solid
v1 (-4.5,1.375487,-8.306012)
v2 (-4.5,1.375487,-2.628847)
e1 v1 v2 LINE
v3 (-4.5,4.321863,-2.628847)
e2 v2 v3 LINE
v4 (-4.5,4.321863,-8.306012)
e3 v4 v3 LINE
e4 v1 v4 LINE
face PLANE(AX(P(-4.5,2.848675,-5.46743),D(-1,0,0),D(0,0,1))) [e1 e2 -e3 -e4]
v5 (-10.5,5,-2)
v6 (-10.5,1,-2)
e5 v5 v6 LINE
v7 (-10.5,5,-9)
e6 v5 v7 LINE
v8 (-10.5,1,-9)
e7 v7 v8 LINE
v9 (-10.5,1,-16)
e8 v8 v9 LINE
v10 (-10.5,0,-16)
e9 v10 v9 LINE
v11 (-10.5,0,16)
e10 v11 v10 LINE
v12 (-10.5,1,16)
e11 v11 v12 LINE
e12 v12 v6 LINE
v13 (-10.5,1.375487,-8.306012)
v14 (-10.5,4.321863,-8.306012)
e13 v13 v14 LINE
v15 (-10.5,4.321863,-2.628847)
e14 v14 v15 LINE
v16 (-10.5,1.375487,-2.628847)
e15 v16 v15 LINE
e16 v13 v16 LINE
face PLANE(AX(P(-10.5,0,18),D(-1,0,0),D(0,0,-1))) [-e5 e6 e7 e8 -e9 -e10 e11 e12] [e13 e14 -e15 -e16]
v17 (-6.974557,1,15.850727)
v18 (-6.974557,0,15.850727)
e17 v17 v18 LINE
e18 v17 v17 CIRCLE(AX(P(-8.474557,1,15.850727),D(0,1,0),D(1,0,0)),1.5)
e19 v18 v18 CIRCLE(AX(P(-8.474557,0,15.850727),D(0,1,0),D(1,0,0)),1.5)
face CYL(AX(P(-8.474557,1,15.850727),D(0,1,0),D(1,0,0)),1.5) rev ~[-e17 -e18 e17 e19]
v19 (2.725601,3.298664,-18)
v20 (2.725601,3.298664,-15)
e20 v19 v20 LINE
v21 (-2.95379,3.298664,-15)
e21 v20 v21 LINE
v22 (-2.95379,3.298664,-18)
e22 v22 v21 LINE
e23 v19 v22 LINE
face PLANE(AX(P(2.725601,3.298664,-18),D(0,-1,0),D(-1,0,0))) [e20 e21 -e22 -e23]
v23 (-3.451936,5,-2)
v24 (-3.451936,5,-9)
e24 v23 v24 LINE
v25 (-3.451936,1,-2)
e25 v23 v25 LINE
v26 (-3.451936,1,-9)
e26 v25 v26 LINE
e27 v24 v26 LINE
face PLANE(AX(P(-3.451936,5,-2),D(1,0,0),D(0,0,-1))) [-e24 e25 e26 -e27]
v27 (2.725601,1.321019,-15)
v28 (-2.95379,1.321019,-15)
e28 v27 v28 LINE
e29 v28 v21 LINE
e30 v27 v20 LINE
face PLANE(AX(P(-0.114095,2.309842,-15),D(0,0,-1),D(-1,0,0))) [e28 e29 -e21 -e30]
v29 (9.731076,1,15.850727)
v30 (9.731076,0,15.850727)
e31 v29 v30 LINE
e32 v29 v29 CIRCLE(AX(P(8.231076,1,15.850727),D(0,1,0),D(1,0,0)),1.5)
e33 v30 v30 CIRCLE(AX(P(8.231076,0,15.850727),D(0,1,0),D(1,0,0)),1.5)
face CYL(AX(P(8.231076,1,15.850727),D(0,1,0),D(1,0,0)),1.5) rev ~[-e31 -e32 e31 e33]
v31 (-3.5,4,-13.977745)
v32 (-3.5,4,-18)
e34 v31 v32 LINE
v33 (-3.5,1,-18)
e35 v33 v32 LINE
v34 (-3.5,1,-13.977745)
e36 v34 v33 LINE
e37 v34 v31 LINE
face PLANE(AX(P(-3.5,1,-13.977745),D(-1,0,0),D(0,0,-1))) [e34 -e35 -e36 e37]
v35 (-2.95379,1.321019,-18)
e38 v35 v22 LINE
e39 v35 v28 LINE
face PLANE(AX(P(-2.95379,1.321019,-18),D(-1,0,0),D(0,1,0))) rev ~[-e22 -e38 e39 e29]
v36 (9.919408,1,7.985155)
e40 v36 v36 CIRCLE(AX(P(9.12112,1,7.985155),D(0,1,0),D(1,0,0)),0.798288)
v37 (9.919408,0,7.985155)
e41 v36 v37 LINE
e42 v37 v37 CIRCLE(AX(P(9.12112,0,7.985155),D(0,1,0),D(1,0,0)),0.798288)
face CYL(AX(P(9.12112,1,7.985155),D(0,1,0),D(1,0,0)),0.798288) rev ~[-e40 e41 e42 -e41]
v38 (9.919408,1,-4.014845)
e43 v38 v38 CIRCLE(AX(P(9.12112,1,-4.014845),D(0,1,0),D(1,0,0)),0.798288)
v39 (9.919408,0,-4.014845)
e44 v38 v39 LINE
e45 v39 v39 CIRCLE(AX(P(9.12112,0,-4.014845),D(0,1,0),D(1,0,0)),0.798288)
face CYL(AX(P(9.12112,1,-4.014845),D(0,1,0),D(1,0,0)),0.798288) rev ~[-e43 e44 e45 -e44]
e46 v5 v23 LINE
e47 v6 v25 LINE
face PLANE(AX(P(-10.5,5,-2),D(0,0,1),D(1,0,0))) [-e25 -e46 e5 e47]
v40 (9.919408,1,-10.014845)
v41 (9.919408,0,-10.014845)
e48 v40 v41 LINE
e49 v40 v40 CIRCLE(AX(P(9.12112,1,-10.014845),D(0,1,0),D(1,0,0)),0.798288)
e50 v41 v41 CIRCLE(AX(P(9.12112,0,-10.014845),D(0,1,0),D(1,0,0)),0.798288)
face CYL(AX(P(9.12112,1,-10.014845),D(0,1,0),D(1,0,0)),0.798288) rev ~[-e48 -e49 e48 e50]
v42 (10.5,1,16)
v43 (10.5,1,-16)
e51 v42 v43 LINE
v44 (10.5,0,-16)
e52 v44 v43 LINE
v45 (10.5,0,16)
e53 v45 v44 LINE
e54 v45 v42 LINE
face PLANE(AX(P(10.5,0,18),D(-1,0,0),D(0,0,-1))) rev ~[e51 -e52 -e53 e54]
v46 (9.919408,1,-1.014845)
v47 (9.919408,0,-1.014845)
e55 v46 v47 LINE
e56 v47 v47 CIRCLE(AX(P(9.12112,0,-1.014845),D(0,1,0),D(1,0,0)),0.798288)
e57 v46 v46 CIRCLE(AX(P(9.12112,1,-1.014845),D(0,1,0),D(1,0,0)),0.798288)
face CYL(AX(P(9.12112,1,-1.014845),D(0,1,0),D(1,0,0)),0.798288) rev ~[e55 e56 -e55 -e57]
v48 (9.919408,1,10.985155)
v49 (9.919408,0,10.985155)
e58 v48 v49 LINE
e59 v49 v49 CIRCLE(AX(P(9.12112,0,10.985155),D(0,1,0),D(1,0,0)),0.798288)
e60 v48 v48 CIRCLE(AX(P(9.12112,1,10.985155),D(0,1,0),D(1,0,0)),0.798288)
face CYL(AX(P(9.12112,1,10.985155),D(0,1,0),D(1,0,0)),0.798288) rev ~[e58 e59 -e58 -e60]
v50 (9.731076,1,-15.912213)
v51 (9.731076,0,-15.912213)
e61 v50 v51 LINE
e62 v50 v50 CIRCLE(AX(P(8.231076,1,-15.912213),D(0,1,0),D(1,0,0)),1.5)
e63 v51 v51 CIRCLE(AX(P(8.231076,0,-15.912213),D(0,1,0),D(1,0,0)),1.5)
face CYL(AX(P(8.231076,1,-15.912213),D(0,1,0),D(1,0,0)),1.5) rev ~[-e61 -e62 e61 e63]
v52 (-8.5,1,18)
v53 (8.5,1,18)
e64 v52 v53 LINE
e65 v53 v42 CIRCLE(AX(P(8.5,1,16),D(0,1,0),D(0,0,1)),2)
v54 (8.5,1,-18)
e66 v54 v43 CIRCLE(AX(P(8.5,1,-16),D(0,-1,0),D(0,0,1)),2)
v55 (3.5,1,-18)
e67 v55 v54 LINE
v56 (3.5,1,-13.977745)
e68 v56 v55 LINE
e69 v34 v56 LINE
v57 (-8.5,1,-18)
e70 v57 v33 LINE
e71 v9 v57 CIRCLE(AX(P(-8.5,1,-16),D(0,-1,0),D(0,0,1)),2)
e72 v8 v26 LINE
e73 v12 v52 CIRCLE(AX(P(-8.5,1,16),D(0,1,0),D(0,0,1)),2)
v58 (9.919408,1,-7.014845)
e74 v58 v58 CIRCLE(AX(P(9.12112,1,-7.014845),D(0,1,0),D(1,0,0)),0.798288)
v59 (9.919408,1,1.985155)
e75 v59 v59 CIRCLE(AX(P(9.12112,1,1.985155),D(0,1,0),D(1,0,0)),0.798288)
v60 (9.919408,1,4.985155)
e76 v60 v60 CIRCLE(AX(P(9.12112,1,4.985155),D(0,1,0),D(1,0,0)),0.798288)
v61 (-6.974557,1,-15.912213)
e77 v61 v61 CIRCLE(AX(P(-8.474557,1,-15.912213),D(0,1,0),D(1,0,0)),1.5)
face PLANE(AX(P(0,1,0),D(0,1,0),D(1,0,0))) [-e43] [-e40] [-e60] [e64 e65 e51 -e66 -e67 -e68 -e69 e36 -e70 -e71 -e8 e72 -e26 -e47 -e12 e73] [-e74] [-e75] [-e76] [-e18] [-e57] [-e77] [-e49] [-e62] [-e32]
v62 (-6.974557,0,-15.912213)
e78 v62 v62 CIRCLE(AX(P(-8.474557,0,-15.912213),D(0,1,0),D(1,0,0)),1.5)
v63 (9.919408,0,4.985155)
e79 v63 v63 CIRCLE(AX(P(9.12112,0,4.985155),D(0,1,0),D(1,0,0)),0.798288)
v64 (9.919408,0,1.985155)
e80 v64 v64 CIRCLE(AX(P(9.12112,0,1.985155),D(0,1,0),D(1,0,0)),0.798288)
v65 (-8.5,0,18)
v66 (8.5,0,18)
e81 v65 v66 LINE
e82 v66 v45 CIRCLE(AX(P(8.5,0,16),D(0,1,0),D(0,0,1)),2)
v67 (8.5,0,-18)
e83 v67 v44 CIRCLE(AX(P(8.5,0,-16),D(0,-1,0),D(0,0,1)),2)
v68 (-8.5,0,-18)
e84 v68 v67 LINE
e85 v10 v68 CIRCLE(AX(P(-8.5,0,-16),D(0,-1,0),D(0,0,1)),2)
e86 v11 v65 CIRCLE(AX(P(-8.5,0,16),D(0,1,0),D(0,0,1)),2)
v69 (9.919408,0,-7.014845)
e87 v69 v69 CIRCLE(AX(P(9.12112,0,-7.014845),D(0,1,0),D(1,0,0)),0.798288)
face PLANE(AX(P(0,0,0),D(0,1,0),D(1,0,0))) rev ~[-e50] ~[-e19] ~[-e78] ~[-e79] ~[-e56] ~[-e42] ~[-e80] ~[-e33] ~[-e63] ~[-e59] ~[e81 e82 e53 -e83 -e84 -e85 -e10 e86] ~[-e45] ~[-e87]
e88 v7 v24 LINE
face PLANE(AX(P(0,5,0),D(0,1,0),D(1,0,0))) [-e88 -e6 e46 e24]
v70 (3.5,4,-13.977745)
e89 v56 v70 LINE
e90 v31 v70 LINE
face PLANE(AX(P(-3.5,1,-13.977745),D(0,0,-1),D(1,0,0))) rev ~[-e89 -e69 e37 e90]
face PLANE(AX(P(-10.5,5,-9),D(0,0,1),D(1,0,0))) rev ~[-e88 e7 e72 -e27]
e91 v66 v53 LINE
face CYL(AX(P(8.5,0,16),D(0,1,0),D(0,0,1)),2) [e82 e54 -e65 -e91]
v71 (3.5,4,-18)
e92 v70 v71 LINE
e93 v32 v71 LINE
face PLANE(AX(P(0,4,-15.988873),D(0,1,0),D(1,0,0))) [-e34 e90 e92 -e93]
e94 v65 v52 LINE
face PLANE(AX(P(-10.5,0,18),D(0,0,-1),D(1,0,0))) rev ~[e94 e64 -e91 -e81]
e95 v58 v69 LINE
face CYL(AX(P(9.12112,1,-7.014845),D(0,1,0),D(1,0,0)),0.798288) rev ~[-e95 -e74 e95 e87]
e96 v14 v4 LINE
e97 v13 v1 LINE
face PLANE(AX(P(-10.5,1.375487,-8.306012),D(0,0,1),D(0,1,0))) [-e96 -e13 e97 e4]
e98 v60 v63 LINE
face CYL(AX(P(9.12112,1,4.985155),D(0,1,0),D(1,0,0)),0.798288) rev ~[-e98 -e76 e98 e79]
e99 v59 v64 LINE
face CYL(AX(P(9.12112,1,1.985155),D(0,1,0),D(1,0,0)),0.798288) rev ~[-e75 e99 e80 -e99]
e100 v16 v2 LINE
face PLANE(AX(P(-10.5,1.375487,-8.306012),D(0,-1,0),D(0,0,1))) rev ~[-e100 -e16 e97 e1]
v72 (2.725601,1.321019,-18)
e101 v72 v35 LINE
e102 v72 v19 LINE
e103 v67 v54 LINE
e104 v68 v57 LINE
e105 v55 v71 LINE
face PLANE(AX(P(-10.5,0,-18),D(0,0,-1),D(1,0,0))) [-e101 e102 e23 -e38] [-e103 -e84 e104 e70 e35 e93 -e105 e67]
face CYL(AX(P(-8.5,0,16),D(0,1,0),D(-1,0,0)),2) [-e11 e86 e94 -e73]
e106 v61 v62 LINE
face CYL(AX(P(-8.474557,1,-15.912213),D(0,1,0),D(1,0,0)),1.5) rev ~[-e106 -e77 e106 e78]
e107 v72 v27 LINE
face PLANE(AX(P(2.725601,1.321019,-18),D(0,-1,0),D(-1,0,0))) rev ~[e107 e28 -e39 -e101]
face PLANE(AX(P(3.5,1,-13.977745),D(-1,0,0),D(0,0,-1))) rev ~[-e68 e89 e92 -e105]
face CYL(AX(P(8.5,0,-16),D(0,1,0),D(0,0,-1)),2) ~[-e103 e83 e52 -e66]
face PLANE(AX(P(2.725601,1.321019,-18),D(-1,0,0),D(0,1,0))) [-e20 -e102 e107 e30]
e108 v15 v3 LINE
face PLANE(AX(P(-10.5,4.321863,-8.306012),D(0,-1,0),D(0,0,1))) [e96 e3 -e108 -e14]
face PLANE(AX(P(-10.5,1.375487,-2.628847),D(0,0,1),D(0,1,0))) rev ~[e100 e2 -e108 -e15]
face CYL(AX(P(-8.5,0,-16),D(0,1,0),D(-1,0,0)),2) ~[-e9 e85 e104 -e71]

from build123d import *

# Parameters (mm, degrees)
CROQUIS1_W                 = 21
CROQUIS1_H                 = 36
SALIENTE_EXTRUIR1_DEPTH    = 5
CROQUIS2_OUTSIDE_W         = 31.396
CROQUIS2_OUTSIDE_H         = 46.396
CROQUIS2_OUTSIDE_W_2       = 7.048063548
CROQUIS2_OUTSIDE_H_2       = 7
CORTAR_EXTRUIR1_DEPTH      = 7
CORTAR_EXTRUIR1_DEPTH_BACK = 4
CROQUIS3_W                 = 7
CROQUIS3_H                 = 4.02225483
SALIENTE_EXTRUIR2_DEPTH    = 3
CROQUIS4_W                 = 5.679391124
CROQUIS4_H                 = 1.977645124
CORTAR_EXTRUIR2_DEPTH      = 3
CROQUIS5_W                 = 5.67716457
CROQUIS5_H                 = 2.946376549
CORTAR_EXTRUIR3_DEPTH      = 6
REDONDEO1_R                = 2
CROQUIS7_R                 = 1.5
CORTAR_EXTRUIR4_DEPTH      = 10
CROQUIS8_R                 = 1.5
CORTAR_EXTRUIR5_DEPTH      = 10
CROQUIS9_R                 = 0.798287554
CORTAR_EXTRUIR6_DEPTH      = 10
MATRIZL1_COUNT             = 8
MATRIZL1_PITCH             = 3


with BuildPart() as part:
    # Croquis1 → Saliente-Extruir1 (new body)
    with BuildSketch(Plane(origin=(0, 0, 0), x_dir=(1, 0, 0), z_dir=(0, 1, 0))):
        Rectangle(CROQUIS1_W, CROQUIS1_H)
    extrude(amount=SALIENTE_EXTRUIR1_DEPTH)

    # Croquis2 outside → Cortar-Extruir1 (cut, two sides)
    with BuildSketch(Plane(origin=(0, 5, 0), x_dir=(1, 0, 0), z_dir=(0, 1, 0))) as cortar_extruir1_sk:
        Rectangle(CROQUIS2_OUTSIDE_W, CROQUIS2_OUTSIDE_H)
        with Locations((-6.975968226, 5.5)):
            Rectangle(CROQUIS2_OUTSIDE_W_2, CROQUIS2_OUTSIDE_H_2, mode=Mode.SUBTRACT)
    extrude(amount=CORTAR_EXTRUIR1_DEPTH, mode=Mode.SUBTRACT)
    extrude(cortar_extruir1_sk.sketch, amount=-CORTAR_EXTRUIR1_DEPTH_BACK, mode=Mode.SUBTRACT)

    # Croquis3 → Saliente-Extruir2 (add)
    with BuildSketch(Plane(origin=(0, 1, 0), x_dir=(1, 0, 0), z_dir=(0, 1, 0))):
        with Locations((0, 15.988872585)):
            Rectangle(CROQUIS3_W, CROQUIS3_H)
    extrude(amount=SALIENTE_EXTRUIR2_DEPTH)

    # Croquis4 → Cortar-Extruir2 (cut)
    with BuildSketch(Plane(origin=(0, 0, -18), x_dir=(-1, 0, 0), z_dir=(0, 0, -1))):
        with Locations((0.114094911, 2.309841815)):
            Rectangle(CROQUIS4_W, CROQUIS4_H)
    extrude(amount=-CORTAR_EXTRUIR2_DEPTH, mode=Mode.SUBTRACT)

    # Croquis5 → Cortar-Extruir3 (cut)
    with BuildSketch(Plane.ZY.offset(10.5)):
        with Locations((-5.467429763, 2.848675026)):
            Rectangle(CROQUIS5_W, CROQUIS5_H)
    extrude(amount=-CORTAR_EXTRUIR3_DEPTH, mode=Mode.SUBTRACT)

    # Redondeo1
    redondeo1_edges = [part.edges().sort_by_distance(p)[0] for p in [
        (-10.5, 0.5, -18),
        (10.5, 0.5, -18),
        (10.5, 0.5, 18),
        (-10.5, 0.5, 18),
    ]]
    fillet(redondeo1_edges, radius=REDONDEO1_R)

    # Croquis7 → Cortar-Extruir4 (cut)
    with BuildSketch(Plane(origin=(0, 1, 0), x_dir=(1, 0, 0), z_dir=(0, 1, 0))):
        with Locations((-8.47455652, 15.912213441)):
            Circle(CROQUIS7_R)
    extrude(amount=-CORTAR_EXTRUIR4_DEPTH, mode=Mode.SUBTRACT)

    # Croquis8 → Cortar-Extruir5 (cut)
    with BuildSketch(Plane(origin=(0, 1, 0), x_dir=(1, 0, 0), z_dir=(0, 1, 0))):
        with Locations((8.231076472, 15.912213441)):
            Circle(CROQUIS8_R)
        with Locations((-8.47455652, -15.850727458)):
            Circle(CROQUIS8_R)
        with Locations((8.231076472, -15.850727458)):
            Circle(CROQUIS8_R)
    extrude(amount=-CORTAR_EXTRUIR5_DEPTH, mode=Mode.SUBTRACT)

    # Croquis9 → Cortar-Extruir6 (cut)
    with BuildSketch(Plane(origin=(0, 1, 0), x_dir=(1, 0, 0), z_dir=(0, 1, 0))):
        with Locations((9.121120171, -10.985155237)):
            Circle(CROQUIS9_R)
    cortar_extruir6 = extrude(amount=-CORTAR_EXTRUIR6_DEPTH, mode=Mode.SUBTRACT)

    # MatrizL1: Cortar-Extruir6 ×8
    with Locations(*[(0, 0, -i * MATRIZL1_PITCH) for i in range(1, MATRIZL1_COUNT)]):
        add(cortar_extruir6, mode=Mode.SUBTRACT)


solid = part.part
